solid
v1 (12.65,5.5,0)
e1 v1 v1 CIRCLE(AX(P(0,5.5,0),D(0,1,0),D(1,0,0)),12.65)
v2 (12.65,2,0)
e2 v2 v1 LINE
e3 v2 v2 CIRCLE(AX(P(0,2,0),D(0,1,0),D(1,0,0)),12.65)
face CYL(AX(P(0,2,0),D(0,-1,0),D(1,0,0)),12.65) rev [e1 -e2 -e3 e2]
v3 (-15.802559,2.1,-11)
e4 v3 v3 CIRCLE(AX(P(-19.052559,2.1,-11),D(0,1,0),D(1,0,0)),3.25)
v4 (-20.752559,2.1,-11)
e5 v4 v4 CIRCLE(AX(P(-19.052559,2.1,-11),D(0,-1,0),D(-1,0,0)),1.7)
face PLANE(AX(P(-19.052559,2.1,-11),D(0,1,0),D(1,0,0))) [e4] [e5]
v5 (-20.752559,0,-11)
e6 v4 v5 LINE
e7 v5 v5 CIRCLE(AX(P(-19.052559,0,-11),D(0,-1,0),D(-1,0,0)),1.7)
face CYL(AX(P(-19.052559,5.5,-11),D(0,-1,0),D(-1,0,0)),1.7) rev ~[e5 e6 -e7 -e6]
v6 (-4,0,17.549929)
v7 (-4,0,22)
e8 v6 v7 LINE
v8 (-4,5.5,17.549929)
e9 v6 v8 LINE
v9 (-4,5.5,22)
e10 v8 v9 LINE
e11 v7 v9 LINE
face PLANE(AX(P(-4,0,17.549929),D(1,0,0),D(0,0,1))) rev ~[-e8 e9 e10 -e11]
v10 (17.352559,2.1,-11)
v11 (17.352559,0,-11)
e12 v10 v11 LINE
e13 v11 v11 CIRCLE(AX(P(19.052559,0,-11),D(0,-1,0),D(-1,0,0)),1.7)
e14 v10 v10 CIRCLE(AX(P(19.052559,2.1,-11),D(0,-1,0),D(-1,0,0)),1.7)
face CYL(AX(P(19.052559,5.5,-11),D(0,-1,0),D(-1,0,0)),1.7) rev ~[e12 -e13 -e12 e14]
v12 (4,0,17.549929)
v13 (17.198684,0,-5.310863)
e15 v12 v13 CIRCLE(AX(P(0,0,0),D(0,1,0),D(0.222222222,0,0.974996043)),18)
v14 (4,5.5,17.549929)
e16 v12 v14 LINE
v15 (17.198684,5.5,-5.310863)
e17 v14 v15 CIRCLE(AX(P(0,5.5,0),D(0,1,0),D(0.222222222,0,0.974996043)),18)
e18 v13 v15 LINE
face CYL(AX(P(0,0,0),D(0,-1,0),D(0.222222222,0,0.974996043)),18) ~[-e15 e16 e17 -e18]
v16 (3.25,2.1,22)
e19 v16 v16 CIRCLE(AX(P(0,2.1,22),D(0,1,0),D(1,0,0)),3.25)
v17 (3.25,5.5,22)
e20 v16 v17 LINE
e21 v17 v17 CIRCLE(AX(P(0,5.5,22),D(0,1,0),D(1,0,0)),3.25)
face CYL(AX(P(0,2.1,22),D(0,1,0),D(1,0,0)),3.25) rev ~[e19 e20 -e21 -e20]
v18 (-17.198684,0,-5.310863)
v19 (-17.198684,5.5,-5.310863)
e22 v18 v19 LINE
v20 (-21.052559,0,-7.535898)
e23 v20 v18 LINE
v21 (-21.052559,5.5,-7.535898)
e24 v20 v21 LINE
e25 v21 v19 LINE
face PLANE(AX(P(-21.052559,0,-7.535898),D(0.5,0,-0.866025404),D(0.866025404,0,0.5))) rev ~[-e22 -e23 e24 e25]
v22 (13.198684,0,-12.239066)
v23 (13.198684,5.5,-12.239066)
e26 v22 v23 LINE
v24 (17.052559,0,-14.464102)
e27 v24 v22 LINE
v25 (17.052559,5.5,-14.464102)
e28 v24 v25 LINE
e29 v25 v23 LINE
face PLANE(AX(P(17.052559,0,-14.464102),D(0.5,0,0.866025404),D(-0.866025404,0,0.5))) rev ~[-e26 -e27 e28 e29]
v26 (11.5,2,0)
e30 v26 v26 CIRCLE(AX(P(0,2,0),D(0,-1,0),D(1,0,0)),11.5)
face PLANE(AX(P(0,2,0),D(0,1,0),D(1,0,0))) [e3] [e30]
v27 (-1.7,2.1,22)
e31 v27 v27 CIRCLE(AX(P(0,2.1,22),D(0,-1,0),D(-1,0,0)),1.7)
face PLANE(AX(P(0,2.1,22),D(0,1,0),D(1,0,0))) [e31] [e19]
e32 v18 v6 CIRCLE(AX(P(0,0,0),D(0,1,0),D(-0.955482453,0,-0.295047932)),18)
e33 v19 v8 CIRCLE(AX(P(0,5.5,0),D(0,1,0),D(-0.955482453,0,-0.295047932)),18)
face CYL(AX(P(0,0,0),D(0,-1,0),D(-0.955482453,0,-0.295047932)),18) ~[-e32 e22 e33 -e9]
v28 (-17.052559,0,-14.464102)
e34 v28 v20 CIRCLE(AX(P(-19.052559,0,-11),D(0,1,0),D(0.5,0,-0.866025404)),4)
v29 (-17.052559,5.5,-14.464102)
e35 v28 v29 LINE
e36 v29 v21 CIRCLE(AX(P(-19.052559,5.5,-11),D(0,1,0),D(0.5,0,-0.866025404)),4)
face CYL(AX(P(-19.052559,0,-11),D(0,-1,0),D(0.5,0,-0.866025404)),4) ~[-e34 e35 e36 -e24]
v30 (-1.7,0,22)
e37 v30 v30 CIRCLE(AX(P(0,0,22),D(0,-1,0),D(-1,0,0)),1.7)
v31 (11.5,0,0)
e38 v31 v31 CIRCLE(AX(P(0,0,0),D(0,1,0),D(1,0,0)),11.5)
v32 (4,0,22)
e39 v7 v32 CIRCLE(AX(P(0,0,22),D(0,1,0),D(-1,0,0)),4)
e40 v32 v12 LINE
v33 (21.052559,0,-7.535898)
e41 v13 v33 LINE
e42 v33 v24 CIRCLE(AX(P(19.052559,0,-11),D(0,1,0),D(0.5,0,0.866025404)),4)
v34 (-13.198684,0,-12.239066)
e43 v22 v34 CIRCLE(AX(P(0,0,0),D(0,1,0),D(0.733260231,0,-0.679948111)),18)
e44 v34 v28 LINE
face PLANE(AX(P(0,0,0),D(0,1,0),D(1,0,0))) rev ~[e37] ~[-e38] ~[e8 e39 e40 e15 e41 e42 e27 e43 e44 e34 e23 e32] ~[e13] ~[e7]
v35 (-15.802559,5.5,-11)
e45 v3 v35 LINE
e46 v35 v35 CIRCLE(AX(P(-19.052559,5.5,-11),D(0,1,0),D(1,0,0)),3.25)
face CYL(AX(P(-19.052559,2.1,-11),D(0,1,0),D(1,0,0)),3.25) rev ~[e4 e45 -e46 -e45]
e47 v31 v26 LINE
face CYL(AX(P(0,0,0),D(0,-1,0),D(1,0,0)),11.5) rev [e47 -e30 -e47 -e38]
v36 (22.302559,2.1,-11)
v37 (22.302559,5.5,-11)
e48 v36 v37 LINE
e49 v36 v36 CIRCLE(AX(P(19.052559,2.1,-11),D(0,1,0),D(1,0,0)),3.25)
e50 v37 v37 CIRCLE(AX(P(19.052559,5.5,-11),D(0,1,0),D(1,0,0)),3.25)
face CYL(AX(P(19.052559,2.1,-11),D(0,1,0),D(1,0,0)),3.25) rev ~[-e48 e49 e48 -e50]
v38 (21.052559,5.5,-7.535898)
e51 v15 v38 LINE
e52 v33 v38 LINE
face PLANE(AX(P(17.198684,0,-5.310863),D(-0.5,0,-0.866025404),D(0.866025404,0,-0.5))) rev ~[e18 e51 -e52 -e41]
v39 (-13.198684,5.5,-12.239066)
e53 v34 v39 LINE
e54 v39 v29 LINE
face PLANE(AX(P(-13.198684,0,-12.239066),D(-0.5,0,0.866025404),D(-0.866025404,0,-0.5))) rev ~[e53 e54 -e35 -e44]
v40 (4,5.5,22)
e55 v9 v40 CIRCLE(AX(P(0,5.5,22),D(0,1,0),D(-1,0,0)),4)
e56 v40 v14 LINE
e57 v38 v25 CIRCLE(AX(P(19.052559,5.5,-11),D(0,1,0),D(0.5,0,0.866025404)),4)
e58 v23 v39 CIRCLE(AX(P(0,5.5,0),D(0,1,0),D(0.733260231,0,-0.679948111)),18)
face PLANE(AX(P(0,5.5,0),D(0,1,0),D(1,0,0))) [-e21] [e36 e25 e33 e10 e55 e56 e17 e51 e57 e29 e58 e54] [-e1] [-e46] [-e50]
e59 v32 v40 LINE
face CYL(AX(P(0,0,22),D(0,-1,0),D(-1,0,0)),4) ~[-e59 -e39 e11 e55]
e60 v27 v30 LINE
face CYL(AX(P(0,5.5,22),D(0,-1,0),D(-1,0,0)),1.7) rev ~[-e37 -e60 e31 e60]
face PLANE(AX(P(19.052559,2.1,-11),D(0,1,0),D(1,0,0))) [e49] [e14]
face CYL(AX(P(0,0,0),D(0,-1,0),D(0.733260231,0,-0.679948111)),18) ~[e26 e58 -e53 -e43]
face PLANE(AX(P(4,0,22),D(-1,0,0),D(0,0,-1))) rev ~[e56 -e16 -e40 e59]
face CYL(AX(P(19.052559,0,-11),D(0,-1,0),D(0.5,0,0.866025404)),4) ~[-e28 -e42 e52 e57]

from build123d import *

# Parameters (mm, degrees)
SKETCH1_R                                           = 11.5
BOSS_EXTRUDE1_DEPTH                                 = 5.5
CUT_EXTRUDE1_START                                  = 2
SKETCH1_3_R                                         = 12.65
CUT_EXTRUDE1_DEPTH                                  = 3.5
CBORE_FOR_M3_HEX_SOCKET_HEAD_CAP_SCREW1_D           = 3.4
CBORE_FOR_M3_HEX_SOCKET_HEAD_CAP_SCREW1_DEPTH       = 45
CBORE_FOR_M3_HEX_SOCKET_HEAD_CAP_SCREW1_CBORE_D     = 6.5
CBORE_FOR_M3_HEX_SOCKET_HEAD_CAP_SCREW1_CBORE_DEPTH = 3.4
CBORE_FOR_M3_HEX_SOCKET_HEAD_CAP_SCREW1_TIP         = 1.021463052


with BuildPart() as part:
    # Sketch1 → Boss-Extrude1 (new body)
    with BuildSketch(Plane(origin=(0, 0, 0), x_dir=(1, 0, 0), z_dir=(0, 1, 0))):
        with BuildLine():
            ThreePointArc((-4, -22), (0, -26), (4, -22))
            Line((4, -22), (4, -17.549928775))
            ThreePointArc((4, -17.549928775), (15.588457268, -9), (17.198684154, 5.310862772))
            Line((17.198684154, 5.310862772), (21.052558883, 7.535898385))
            ThreePointArc((21.052558883, 7.535898385), (22.516660498, 13), (17.052558883, 14.464101615))
            Line((17.052558883, 14.464101615), (13.198684154, 12.239066003))
            ThreePointArc((13.198684154, 12.239066003), (0, 18), (-13.198684154, 12.239066003))
            Line((-13.198684154, 12.239066003), (-17.052558883, 14.464101615))
            ThreePointArc((-17.052558883, 14.464101615), (-22.516660498, 13), (-21.052558883, 7.535898385))
            Line((-21.052558883, 7.535898385), (-17.198684154, 5.310862772))
            ThreePointArc((-17.198684154, 5.310862772), (-15.588457268, -9), (-4, -17.549928775))
            Line((-4, -17.549928775), (-4, -22))
        make_face()
        Circle(SKETCH1_R, mode=Mode.SUBTRACT)
    extrude(amount=BOSS_EXTRUDE1_DEPTH)

    # Sketch1_3 → Cut-Extrude1 (cut)
    with BuildSketch(Plane(origin=(0, 0, 0), x_dir=(1, 0, 0), z_dir=(0, 1, 0)).offset(CUT_EXTRUDE1_START)):
        Circle(SKETCH1_3_R)
    extrude(amount=CUT_EXTRUDE1_DEPTH, mode=Mode.SUBTRACT)

    # CBORE for M3 Hex Socket Head Cap Screw1
    with Locations(Plane(origin=(0, 5.5, 0), x_dir=(1, 0, 0), z_dir=(0, 1, 0))):
        with Locations((-19.052558883, 11), (19.052558883, 11), (0, -22)):
            CounterBoreHole(CBORE_FOR_M3_HEX_SOCKET_HEAD_CAP_SCREW1_D / 2, CBORE_FOR_M3_HEX_SOCKET_HEAD_CAP_SCREW1_CBORE_D / 2, CBORE_FOR_M3_HEX_SOCKET_HEAD_CAP_SCREW1_CBORE_DEPTH, depth=CBORE_FOR_M3_HEX_SOCKET_HEAD_CAP_SCREW1_DEPTH)
            with Locations((0, 0, -(CBORE_FOR_M3_HEX_SOCKET_HEAD_CAP_SCREW1_DEPTH + CBORE_FOR_M3_HEX_SOCKET_HEAD_CAP_SCREW1_TIP / 2))):  # 118° drill point
                Cone(0, CBORE_FOR_M3_HEX_SOCKET_HEAD_CAP_SCREW1_D / 2, CBORE_FOR_M3_HEX_SOCKET_HEAD_CAP_SCREW1_TIP, mode=Mode.SUBTRACT)


solid = part.part
